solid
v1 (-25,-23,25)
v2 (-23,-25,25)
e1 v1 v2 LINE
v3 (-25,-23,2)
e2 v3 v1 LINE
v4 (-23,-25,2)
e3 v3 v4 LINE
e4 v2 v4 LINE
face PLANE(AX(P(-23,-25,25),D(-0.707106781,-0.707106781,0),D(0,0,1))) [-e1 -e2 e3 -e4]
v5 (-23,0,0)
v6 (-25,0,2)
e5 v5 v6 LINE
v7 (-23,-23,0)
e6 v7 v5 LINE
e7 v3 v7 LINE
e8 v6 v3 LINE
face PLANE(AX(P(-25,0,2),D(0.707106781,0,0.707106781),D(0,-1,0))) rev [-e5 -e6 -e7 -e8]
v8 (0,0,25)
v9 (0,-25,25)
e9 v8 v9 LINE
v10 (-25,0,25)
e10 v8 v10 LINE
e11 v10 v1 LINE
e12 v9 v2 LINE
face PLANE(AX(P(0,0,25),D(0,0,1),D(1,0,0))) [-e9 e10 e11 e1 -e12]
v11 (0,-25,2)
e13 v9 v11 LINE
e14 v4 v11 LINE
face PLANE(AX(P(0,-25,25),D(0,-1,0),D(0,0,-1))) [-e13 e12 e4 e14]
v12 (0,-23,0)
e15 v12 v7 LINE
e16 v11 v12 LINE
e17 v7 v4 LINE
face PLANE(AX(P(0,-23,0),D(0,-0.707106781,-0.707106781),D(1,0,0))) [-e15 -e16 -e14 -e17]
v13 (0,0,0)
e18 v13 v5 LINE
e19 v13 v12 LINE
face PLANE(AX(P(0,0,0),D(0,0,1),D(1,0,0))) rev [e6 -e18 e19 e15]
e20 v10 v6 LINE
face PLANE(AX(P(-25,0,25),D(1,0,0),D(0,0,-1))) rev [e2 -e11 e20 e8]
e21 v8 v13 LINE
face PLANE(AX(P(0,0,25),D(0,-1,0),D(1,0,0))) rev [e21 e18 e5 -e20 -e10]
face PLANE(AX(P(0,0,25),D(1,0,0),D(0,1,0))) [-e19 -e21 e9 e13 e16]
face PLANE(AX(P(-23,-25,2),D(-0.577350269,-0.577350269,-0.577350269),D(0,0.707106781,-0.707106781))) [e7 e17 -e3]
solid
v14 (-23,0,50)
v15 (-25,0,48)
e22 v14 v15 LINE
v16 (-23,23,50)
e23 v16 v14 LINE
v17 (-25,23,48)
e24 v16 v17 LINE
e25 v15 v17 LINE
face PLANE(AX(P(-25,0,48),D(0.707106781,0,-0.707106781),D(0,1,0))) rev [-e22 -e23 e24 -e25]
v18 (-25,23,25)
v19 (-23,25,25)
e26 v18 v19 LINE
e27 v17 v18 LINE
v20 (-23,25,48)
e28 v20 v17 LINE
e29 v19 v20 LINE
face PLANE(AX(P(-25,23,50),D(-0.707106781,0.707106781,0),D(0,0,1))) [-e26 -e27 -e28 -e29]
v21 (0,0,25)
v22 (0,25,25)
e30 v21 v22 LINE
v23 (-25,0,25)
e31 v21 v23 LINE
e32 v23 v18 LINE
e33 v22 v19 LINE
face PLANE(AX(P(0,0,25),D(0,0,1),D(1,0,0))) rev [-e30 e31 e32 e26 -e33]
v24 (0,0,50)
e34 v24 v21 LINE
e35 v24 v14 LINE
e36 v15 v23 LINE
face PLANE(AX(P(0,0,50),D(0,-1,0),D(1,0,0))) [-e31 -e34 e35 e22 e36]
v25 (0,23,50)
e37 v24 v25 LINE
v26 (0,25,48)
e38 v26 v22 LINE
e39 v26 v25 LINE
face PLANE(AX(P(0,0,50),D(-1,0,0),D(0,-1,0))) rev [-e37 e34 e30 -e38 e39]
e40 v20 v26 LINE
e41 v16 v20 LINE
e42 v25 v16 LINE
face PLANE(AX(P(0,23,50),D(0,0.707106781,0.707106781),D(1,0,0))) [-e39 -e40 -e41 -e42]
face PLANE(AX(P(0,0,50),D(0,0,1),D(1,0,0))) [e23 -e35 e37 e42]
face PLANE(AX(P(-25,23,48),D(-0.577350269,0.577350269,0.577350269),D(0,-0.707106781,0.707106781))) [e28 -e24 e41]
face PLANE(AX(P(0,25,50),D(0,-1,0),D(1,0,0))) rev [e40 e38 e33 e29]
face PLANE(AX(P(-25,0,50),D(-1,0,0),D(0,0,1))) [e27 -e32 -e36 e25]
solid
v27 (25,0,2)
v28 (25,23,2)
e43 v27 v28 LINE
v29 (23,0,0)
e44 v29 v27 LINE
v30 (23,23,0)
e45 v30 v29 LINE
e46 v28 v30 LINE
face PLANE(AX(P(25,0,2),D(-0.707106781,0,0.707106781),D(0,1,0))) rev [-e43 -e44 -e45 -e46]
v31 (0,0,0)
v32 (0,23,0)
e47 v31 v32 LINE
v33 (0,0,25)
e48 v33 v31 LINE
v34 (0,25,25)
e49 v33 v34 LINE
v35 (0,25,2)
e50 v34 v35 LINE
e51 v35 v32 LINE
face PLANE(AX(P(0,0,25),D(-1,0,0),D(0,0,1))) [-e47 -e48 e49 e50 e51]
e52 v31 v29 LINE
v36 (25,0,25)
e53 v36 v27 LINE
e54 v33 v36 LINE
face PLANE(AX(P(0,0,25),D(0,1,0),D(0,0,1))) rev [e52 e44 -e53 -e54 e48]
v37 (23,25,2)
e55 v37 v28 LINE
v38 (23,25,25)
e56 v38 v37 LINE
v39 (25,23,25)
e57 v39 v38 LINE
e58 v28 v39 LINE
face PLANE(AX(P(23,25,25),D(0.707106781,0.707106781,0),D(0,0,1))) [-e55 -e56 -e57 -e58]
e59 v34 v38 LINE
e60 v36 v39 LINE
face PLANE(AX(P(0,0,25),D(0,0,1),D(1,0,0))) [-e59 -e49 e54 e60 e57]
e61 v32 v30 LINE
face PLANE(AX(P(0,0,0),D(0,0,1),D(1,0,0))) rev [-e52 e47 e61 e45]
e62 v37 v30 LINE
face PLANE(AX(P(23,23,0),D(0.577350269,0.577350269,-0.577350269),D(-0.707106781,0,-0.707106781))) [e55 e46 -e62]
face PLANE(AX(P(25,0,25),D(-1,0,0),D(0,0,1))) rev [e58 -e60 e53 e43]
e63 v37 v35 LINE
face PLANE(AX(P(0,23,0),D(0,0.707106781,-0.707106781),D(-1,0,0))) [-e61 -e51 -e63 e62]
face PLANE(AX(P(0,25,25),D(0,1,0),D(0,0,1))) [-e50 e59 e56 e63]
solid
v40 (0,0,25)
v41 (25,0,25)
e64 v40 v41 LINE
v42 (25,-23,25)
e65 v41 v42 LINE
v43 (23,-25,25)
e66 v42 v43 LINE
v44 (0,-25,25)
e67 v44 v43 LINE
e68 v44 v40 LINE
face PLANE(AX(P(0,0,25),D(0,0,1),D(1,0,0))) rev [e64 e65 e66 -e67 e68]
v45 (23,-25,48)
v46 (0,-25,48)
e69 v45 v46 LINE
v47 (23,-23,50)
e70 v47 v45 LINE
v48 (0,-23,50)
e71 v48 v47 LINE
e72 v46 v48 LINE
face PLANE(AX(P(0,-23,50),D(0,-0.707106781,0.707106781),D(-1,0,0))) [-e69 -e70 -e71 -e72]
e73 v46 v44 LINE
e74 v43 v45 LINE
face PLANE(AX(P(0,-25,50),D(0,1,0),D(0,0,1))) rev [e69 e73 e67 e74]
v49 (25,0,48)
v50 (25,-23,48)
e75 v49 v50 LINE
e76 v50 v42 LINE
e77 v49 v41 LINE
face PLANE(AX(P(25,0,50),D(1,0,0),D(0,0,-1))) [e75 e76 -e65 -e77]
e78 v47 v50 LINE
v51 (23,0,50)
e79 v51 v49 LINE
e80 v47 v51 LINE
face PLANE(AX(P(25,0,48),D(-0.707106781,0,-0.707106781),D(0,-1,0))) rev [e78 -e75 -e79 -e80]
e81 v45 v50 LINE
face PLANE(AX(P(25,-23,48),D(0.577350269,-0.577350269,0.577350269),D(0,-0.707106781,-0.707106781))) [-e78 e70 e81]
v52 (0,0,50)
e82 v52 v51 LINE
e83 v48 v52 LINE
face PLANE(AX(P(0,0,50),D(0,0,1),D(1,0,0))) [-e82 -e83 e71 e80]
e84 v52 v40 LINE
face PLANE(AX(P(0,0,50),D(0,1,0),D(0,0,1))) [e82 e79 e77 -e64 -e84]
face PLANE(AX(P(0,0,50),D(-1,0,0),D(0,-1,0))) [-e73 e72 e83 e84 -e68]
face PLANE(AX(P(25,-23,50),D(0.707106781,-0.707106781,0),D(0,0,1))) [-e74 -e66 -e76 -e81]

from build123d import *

# Parameters (mm, degrees)
SKETCH1_W             = 25
SKETCH1_H             = 25
BOSS_EXTRUDE1_DEPTH   = 25
BOSS_EXTRUDE1_2_DEPTH = 25
SKETCH2_W             = 25
SKETCH2_H             = 25
BOSS_EXTRUDE2_DEPTH   = 25
BOSS_EXTRUDE2_2_DEPTH = 25
CHAMFER1_SIZE         = 2
CHAMFER2_SIZE         = 2
CHAMFER3_SIZE         = 2
CHAMFER4_SIZE         = 2


with BuildPart() as part:
    # Sketch1 → Boss-Extrude1 (new body)
    with BuildSketch(Plane.XY):
        with Locations((-12.5, -12.5)):
            Rectangle(SKETCH1_W, SKETCH1_H)
    extrude(amount=BOSS_EXTRUDE1_DEPTH)

    # Chamfer3
    chamfer3_edges = [part.edges().sort_by_distance(p)[0] for p in [
        (-12.5, -25, 0),
        (-25, -12.5, 0),
        (-25, -25, 12.5),
    ]]
    chamfer(chamfer3_edges, length=CHAMFER3_SIZE)


with BuildPart() as body_2:
    # Sketch1 → Boss-Extrude1 2 (new body)
    with BuildSketch(Plane.XY):
        with Locations((12.5, 12.5)):
            Rectangle(SKETCH1_W, SKETCH1_H)
    extrude(amount=BOSS_EXTRUDE1_2_DEPTH)

    # Chamfer1
    chamfer1_edges = [body_2.edges().sort_by_distance(p)[0] for p in [
        (12.5, 25, 0),
        (25, 12.5, 0),
        (25, 25, 12.5),
    ]]
    chamfer(chamfer1_edges, length=CHAMFER1_SIZE)


with BuildPart() as body_3:
    # Sketch2 → Boss-Extrude2 (new body)
    with BuildSketch(Plane.XY.offset(25)):
        with Locations((-12.5, 12.5)):
            Rectangle(SKETCH2_W, SKETCH2_H)
    extrude(amount=BOSS_EXTRUDE2_DEPTH)

    # Chamfer2
    chamfer2_edges = [body_3.edges().sort_by_distance(p)[0] for p in [
        (-12.5, 25, 50),
        (-25, 12.5, 50),
        (-25, 25, 37.5),
    ]]
    chamfer(chamfer2_edges, length=CHAMFER2_SIZE)


with BuildPart() as body_4:
    # Sketch2 → Boss-Extrude2 2 (new body)
    with BuildSketch(Plane.XY.offset(25)):
        with Locations((12.5, -12.5)):
            Rectangle(SKETCH2_W, SKETCH2_H)
    extrude(amount=BOSS_EXTRUDE2_2_DEPTH)

    # Chamfer4
    chamfer4_edges = [body_4.edges().sort_by_distance(p)[0] for p in [
        (12.5, -25, 50),
        (25, -12.5, 50),
        (25, -25, 37.5),
    ]]
    chamfer(chamfer4_edges, length=CHAMFER4_SIZE)


solid = Compound([part.part, body_2.part, body_3.part, body_4.part])
